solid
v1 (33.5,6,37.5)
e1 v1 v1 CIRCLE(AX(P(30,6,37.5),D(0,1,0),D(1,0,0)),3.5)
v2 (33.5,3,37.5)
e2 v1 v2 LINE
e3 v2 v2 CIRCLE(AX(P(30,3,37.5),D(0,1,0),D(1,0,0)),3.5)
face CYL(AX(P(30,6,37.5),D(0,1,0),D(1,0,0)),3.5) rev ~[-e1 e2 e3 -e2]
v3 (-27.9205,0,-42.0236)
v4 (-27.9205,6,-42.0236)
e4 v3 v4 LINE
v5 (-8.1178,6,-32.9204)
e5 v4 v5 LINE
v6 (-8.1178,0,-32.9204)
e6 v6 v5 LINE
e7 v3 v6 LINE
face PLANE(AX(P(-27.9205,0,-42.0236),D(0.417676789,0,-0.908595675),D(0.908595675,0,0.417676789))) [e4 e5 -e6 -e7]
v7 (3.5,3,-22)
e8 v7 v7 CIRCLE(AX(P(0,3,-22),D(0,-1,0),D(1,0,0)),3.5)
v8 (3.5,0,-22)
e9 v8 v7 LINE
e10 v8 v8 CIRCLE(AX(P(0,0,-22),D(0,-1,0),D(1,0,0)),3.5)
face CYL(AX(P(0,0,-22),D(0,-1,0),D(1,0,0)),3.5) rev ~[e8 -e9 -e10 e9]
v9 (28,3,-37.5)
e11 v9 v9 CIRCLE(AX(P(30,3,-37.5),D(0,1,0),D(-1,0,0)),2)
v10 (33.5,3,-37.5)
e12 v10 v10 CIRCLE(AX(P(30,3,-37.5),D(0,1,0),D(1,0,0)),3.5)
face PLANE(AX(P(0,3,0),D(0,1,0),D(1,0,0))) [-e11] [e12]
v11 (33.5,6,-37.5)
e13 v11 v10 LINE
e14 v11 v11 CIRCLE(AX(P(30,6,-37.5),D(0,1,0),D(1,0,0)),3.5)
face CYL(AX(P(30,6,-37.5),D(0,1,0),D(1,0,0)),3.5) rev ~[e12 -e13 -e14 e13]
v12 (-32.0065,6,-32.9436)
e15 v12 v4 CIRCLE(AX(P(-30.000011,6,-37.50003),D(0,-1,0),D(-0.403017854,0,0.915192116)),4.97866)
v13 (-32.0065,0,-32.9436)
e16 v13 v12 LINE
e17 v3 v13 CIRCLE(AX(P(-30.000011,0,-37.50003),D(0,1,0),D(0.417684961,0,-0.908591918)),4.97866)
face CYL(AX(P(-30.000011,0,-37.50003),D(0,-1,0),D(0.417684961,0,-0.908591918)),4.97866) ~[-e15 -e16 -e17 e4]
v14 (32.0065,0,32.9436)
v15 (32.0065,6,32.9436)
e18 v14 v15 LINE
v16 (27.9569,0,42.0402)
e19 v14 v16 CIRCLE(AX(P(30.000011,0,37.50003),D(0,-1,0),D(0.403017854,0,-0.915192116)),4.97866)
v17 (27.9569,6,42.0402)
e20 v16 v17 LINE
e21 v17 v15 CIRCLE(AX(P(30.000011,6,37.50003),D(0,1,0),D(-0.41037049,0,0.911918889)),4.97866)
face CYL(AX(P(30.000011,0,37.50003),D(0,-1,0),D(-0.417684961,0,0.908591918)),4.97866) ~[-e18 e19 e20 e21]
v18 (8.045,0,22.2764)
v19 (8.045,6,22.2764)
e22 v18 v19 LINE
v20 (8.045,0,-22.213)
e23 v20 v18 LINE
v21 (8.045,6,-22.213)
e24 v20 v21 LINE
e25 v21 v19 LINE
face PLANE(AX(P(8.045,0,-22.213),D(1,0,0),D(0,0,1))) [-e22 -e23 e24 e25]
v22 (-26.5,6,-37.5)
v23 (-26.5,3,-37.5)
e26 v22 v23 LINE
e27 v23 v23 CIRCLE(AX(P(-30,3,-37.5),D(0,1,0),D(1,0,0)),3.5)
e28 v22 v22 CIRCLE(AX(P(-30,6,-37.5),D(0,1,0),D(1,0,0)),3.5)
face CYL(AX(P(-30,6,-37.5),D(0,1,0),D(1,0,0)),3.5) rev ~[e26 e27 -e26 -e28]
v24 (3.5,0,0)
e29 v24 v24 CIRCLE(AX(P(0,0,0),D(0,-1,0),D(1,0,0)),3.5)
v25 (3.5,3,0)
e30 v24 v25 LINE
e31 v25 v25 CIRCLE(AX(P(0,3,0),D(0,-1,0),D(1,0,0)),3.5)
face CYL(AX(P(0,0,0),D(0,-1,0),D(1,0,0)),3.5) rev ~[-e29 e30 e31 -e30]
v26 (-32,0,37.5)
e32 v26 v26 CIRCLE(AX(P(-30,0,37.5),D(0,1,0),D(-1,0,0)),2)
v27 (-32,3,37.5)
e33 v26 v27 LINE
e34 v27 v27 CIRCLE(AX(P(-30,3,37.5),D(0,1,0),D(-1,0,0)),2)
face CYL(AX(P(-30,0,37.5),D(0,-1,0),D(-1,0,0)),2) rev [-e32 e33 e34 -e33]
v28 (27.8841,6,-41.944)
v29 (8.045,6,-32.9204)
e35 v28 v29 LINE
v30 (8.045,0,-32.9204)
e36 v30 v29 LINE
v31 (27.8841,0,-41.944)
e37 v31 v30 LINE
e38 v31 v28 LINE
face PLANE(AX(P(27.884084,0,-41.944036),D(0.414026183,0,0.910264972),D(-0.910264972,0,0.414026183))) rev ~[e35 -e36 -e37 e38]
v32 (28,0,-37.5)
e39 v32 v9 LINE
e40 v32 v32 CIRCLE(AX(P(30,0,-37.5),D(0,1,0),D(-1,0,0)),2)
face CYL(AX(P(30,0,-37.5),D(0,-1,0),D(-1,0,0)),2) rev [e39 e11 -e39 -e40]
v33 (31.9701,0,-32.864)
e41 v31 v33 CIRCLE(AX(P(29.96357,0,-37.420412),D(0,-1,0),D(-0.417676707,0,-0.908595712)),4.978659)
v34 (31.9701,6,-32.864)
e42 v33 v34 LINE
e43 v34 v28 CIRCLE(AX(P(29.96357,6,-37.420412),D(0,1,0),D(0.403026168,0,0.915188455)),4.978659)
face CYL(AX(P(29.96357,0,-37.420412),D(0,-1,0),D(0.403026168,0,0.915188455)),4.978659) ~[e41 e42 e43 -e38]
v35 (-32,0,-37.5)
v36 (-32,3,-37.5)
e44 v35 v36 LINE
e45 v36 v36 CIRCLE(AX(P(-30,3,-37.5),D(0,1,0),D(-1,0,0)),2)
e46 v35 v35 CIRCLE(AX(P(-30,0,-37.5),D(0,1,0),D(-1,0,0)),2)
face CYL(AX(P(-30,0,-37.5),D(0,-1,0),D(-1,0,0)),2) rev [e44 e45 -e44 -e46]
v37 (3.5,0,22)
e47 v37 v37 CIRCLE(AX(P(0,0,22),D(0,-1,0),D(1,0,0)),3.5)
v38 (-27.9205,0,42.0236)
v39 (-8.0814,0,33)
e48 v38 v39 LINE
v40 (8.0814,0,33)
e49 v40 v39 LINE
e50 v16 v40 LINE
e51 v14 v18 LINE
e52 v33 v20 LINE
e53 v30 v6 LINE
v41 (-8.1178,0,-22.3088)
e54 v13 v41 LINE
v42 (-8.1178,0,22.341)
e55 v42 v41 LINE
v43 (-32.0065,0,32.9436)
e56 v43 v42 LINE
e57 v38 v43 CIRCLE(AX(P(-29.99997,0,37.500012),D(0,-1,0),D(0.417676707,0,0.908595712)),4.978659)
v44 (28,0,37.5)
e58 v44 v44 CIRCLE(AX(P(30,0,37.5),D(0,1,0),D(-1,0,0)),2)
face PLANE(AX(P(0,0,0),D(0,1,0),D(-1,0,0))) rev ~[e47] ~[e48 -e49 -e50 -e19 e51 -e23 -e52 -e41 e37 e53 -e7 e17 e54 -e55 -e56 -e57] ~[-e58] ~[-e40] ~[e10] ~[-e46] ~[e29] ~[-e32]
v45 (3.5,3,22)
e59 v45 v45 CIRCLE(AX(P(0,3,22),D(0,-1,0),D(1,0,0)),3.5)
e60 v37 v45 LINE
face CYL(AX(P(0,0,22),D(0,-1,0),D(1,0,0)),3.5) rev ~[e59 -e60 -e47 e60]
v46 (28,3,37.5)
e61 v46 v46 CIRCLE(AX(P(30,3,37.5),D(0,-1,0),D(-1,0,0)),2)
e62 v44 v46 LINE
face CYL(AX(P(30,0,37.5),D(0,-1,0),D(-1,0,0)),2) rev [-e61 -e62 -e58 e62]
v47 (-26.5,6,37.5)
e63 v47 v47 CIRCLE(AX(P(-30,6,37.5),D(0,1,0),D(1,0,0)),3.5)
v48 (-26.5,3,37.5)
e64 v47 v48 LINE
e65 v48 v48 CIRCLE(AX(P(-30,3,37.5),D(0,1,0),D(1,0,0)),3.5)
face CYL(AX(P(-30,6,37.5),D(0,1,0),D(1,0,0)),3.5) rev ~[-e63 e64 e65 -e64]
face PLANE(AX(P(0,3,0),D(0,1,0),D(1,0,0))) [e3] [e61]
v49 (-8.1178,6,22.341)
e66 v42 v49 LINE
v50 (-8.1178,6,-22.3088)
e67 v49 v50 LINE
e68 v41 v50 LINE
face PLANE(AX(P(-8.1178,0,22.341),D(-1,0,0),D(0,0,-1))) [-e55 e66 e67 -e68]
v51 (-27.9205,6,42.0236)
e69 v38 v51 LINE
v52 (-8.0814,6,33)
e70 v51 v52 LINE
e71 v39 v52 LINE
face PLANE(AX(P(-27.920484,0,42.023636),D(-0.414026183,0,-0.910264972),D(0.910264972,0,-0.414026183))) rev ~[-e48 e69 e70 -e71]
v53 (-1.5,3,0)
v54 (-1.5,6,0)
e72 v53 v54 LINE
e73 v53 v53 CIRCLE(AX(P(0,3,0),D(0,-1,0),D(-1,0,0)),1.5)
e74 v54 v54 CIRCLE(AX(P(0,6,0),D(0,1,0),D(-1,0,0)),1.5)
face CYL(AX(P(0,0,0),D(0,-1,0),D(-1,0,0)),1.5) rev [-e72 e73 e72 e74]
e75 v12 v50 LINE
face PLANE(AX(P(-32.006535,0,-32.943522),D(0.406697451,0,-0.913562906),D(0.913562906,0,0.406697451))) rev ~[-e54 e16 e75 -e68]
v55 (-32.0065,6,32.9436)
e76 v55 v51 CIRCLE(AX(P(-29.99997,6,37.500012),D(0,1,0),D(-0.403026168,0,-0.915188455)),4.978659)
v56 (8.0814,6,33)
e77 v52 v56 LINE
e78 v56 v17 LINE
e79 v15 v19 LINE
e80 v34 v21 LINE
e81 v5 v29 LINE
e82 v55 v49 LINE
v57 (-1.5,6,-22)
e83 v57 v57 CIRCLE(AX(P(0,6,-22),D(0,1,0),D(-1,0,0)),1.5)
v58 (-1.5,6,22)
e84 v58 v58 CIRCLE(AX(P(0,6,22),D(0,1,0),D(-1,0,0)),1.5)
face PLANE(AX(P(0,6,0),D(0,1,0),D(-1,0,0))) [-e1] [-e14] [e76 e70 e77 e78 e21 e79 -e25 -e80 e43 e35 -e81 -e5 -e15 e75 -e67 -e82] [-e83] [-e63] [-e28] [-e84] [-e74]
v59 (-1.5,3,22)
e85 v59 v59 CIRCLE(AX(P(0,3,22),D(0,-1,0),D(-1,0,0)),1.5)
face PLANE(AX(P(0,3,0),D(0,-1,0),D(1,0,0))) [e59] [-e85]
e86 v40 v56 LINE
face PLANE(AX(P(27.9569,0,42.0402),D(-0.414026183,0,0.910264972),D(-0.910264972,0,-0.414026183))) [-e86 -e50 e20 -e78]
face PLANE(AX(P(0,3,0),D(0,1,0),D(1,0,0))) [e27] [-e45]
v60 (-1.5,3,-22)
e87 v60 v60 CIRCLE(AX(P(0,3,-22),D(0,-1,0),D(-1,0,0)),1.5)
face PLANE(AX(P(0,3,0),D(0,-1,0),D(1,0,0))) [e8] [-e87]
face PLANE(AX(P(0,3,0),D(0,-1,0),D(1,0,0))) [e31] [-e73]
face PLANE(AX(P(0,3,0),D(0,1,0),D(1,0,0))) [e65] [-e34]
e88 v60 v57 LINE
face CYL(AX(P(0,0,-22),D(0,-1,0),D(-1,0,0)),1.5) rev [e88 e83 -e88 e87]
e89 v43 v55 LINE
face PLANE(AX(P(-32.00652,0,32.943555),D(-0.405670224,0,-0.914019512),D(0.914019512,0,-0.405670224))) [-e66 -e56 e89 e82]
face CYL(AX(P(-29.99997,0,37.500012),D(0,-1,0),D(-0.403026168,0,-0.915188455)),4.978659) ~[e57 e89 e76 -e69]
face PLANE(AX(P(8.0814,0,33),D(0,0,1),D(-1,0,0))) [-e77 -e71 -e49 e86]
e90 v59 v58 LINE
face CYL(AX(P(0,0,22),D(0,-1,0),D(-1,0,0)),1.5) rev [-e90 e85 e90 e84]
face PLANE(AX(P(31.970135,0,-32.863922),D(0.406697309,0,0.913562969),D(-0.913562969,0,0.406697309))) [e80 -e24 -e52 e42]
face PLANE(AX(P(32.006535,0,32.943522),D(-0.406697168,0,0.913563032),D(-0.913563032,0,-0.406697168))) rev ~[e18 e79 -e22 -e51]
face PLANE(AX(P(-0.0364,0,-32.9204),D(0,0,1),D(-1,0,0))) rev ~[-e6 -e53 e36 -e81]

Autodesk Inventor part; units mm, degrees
ref_plane "YZ Plane" through (0, 0, 0) normal (1, 0, 0) x (0, 1, 0)
ref_plane "XZ Plane" through (0, 0, 0) normal (0, 1, 0) x (-1, 0, 0)
ref_plane "XY Plane" through (0, 0, 0) normal (0, 0, 1) x (1, 0, 0)
sketch "Sketch1" plane through (0, 0, 0) normal (0, 1, 0) x (-1, 0, 0)
  circle A0 centre (30, -37.5) radius 2
  circle A1 centre (-30, -37.5) radius 2
  circle A2 centre (-30, 37.5) radius 2
  circle A3 centre (30, 37.5) radius 2
  arc A4 (27.9205, -42.0236) -> (32.0065, -32.9436) centre (30, -37.5) ccw
  line L0 (-8.045, -32.9204) -> (0.0364, -32.9204)
  line L1 (-8.045, -32.9204) -> (8.1178, -32.9204)
  line L2 (-8.0814, 33) -> (8.0814, 33)
  line L3 (27.9205, -42.0236) -> (8.1178, -32.9204)
  line L4 (32.0431, -32.9598) -> (8.1178, -22.3088)
  circle A5 centre (-30, -37.5) radius 2
  arc A6 (-31.9701, -32.864) -> (-27.8841, -41.944) centre (-29.9636, -37.4204) ccw
  line L5 (-27.9205, -41.9606) -> (-8.045, -32.9204)
  line L6 (-32.0067, -32.8802) -> (-8.045, -22.213)
  circle A7 centre (30, 37.5) radius 2
  circle A8 centre (-30, 37.5) radius 2
  arc A9 (32.0065, 32.9436) -> (27.9205, 42.0236) centre (30, 37.5) ccw
  line L7 (-8.0814, 33) -> (0, 33)
  line L8 (-8.0814, 33) -> (8.0814, 33)
  line L9 (27.9569, 42.0402) -> (8.0814, 33)
  line L10 (32.0278, 32.953) -> (8.1178, 22.341)
  line L11 (-27.9569, 42.0402) -> (-8.0814, 33)
  circle A10 centre (-30, 37.5) radius 2
  arc A11 (-27.9205, 42.0236) -> (-32.0065, 32.9436) centre (-30, 37.5) ccw
  line L12 (-32.0431, 32.9598) -> (-8.045, 22.2764)
  circle A12 centre (0, -22) radius 1.5
  circle A13 centre (0, 0) radius 1.5
  circle A14 centre (0, 22) radius 1.5
  line L13 (8.1178, 22.341) -> (8.1178, -22.3088)
  line L14 (-8.045, -22.213) -> (-8.045, 22.2764)
extrude "Extrusion1" add sketch "Sketch1" along normal blind 6
sketch "Sketch2" plane through (0, 6, 0) normal (0, 1, 0) x (1, 0, 0)
  circle A0 centre (-30, 37.5) radius 2 projected
  circle A1 centre (-30, 37.5) radius 3.5
  circle A2 centre (30, 37.5) radius 2 projected
  circle A3 centre (30, 37.5) radius 3.5
  circle A4 centre (-30, -37.5) radius 2 projected
  circle A5 centre (-30, -37.5) radius 3.5
  circle A6 centre (30, -37.5) radius 2 projected
  circle A7 centre (30, -37.5) radius 3.5
  point P0 (0, 0)
  dimension "d7" = 7
  dimension "d8" = 7
  dimension "d9" = 7
  dimension "d10" = 7
extrude "Extrusion2" cut sketch "Sketch2" against normal blind 3 contours A1 | A3 | A5 | A6 | A7
sketch "Sketch3" plane through (0, 0, 0) normal (0, -1, 0) x (1, 0, 0)
  circle A0 centre (0, 0) radius 3.5
  circle A1 centre (0, -22) radius 1.5 projected
  circle A2 centre (0, -22) radius 3.5
  circle A3 centre (0, 22) radius 1.5 projected
  circle A4 centre (0, 22) radius 3.5
  dimension "d13" = 7
  dimension "d14" = 7
  dimension "d15" = 7
extrude "Extrusion3" cut sketch "Sketch3" against normal blind 3
properties part number "Battery Plate"
